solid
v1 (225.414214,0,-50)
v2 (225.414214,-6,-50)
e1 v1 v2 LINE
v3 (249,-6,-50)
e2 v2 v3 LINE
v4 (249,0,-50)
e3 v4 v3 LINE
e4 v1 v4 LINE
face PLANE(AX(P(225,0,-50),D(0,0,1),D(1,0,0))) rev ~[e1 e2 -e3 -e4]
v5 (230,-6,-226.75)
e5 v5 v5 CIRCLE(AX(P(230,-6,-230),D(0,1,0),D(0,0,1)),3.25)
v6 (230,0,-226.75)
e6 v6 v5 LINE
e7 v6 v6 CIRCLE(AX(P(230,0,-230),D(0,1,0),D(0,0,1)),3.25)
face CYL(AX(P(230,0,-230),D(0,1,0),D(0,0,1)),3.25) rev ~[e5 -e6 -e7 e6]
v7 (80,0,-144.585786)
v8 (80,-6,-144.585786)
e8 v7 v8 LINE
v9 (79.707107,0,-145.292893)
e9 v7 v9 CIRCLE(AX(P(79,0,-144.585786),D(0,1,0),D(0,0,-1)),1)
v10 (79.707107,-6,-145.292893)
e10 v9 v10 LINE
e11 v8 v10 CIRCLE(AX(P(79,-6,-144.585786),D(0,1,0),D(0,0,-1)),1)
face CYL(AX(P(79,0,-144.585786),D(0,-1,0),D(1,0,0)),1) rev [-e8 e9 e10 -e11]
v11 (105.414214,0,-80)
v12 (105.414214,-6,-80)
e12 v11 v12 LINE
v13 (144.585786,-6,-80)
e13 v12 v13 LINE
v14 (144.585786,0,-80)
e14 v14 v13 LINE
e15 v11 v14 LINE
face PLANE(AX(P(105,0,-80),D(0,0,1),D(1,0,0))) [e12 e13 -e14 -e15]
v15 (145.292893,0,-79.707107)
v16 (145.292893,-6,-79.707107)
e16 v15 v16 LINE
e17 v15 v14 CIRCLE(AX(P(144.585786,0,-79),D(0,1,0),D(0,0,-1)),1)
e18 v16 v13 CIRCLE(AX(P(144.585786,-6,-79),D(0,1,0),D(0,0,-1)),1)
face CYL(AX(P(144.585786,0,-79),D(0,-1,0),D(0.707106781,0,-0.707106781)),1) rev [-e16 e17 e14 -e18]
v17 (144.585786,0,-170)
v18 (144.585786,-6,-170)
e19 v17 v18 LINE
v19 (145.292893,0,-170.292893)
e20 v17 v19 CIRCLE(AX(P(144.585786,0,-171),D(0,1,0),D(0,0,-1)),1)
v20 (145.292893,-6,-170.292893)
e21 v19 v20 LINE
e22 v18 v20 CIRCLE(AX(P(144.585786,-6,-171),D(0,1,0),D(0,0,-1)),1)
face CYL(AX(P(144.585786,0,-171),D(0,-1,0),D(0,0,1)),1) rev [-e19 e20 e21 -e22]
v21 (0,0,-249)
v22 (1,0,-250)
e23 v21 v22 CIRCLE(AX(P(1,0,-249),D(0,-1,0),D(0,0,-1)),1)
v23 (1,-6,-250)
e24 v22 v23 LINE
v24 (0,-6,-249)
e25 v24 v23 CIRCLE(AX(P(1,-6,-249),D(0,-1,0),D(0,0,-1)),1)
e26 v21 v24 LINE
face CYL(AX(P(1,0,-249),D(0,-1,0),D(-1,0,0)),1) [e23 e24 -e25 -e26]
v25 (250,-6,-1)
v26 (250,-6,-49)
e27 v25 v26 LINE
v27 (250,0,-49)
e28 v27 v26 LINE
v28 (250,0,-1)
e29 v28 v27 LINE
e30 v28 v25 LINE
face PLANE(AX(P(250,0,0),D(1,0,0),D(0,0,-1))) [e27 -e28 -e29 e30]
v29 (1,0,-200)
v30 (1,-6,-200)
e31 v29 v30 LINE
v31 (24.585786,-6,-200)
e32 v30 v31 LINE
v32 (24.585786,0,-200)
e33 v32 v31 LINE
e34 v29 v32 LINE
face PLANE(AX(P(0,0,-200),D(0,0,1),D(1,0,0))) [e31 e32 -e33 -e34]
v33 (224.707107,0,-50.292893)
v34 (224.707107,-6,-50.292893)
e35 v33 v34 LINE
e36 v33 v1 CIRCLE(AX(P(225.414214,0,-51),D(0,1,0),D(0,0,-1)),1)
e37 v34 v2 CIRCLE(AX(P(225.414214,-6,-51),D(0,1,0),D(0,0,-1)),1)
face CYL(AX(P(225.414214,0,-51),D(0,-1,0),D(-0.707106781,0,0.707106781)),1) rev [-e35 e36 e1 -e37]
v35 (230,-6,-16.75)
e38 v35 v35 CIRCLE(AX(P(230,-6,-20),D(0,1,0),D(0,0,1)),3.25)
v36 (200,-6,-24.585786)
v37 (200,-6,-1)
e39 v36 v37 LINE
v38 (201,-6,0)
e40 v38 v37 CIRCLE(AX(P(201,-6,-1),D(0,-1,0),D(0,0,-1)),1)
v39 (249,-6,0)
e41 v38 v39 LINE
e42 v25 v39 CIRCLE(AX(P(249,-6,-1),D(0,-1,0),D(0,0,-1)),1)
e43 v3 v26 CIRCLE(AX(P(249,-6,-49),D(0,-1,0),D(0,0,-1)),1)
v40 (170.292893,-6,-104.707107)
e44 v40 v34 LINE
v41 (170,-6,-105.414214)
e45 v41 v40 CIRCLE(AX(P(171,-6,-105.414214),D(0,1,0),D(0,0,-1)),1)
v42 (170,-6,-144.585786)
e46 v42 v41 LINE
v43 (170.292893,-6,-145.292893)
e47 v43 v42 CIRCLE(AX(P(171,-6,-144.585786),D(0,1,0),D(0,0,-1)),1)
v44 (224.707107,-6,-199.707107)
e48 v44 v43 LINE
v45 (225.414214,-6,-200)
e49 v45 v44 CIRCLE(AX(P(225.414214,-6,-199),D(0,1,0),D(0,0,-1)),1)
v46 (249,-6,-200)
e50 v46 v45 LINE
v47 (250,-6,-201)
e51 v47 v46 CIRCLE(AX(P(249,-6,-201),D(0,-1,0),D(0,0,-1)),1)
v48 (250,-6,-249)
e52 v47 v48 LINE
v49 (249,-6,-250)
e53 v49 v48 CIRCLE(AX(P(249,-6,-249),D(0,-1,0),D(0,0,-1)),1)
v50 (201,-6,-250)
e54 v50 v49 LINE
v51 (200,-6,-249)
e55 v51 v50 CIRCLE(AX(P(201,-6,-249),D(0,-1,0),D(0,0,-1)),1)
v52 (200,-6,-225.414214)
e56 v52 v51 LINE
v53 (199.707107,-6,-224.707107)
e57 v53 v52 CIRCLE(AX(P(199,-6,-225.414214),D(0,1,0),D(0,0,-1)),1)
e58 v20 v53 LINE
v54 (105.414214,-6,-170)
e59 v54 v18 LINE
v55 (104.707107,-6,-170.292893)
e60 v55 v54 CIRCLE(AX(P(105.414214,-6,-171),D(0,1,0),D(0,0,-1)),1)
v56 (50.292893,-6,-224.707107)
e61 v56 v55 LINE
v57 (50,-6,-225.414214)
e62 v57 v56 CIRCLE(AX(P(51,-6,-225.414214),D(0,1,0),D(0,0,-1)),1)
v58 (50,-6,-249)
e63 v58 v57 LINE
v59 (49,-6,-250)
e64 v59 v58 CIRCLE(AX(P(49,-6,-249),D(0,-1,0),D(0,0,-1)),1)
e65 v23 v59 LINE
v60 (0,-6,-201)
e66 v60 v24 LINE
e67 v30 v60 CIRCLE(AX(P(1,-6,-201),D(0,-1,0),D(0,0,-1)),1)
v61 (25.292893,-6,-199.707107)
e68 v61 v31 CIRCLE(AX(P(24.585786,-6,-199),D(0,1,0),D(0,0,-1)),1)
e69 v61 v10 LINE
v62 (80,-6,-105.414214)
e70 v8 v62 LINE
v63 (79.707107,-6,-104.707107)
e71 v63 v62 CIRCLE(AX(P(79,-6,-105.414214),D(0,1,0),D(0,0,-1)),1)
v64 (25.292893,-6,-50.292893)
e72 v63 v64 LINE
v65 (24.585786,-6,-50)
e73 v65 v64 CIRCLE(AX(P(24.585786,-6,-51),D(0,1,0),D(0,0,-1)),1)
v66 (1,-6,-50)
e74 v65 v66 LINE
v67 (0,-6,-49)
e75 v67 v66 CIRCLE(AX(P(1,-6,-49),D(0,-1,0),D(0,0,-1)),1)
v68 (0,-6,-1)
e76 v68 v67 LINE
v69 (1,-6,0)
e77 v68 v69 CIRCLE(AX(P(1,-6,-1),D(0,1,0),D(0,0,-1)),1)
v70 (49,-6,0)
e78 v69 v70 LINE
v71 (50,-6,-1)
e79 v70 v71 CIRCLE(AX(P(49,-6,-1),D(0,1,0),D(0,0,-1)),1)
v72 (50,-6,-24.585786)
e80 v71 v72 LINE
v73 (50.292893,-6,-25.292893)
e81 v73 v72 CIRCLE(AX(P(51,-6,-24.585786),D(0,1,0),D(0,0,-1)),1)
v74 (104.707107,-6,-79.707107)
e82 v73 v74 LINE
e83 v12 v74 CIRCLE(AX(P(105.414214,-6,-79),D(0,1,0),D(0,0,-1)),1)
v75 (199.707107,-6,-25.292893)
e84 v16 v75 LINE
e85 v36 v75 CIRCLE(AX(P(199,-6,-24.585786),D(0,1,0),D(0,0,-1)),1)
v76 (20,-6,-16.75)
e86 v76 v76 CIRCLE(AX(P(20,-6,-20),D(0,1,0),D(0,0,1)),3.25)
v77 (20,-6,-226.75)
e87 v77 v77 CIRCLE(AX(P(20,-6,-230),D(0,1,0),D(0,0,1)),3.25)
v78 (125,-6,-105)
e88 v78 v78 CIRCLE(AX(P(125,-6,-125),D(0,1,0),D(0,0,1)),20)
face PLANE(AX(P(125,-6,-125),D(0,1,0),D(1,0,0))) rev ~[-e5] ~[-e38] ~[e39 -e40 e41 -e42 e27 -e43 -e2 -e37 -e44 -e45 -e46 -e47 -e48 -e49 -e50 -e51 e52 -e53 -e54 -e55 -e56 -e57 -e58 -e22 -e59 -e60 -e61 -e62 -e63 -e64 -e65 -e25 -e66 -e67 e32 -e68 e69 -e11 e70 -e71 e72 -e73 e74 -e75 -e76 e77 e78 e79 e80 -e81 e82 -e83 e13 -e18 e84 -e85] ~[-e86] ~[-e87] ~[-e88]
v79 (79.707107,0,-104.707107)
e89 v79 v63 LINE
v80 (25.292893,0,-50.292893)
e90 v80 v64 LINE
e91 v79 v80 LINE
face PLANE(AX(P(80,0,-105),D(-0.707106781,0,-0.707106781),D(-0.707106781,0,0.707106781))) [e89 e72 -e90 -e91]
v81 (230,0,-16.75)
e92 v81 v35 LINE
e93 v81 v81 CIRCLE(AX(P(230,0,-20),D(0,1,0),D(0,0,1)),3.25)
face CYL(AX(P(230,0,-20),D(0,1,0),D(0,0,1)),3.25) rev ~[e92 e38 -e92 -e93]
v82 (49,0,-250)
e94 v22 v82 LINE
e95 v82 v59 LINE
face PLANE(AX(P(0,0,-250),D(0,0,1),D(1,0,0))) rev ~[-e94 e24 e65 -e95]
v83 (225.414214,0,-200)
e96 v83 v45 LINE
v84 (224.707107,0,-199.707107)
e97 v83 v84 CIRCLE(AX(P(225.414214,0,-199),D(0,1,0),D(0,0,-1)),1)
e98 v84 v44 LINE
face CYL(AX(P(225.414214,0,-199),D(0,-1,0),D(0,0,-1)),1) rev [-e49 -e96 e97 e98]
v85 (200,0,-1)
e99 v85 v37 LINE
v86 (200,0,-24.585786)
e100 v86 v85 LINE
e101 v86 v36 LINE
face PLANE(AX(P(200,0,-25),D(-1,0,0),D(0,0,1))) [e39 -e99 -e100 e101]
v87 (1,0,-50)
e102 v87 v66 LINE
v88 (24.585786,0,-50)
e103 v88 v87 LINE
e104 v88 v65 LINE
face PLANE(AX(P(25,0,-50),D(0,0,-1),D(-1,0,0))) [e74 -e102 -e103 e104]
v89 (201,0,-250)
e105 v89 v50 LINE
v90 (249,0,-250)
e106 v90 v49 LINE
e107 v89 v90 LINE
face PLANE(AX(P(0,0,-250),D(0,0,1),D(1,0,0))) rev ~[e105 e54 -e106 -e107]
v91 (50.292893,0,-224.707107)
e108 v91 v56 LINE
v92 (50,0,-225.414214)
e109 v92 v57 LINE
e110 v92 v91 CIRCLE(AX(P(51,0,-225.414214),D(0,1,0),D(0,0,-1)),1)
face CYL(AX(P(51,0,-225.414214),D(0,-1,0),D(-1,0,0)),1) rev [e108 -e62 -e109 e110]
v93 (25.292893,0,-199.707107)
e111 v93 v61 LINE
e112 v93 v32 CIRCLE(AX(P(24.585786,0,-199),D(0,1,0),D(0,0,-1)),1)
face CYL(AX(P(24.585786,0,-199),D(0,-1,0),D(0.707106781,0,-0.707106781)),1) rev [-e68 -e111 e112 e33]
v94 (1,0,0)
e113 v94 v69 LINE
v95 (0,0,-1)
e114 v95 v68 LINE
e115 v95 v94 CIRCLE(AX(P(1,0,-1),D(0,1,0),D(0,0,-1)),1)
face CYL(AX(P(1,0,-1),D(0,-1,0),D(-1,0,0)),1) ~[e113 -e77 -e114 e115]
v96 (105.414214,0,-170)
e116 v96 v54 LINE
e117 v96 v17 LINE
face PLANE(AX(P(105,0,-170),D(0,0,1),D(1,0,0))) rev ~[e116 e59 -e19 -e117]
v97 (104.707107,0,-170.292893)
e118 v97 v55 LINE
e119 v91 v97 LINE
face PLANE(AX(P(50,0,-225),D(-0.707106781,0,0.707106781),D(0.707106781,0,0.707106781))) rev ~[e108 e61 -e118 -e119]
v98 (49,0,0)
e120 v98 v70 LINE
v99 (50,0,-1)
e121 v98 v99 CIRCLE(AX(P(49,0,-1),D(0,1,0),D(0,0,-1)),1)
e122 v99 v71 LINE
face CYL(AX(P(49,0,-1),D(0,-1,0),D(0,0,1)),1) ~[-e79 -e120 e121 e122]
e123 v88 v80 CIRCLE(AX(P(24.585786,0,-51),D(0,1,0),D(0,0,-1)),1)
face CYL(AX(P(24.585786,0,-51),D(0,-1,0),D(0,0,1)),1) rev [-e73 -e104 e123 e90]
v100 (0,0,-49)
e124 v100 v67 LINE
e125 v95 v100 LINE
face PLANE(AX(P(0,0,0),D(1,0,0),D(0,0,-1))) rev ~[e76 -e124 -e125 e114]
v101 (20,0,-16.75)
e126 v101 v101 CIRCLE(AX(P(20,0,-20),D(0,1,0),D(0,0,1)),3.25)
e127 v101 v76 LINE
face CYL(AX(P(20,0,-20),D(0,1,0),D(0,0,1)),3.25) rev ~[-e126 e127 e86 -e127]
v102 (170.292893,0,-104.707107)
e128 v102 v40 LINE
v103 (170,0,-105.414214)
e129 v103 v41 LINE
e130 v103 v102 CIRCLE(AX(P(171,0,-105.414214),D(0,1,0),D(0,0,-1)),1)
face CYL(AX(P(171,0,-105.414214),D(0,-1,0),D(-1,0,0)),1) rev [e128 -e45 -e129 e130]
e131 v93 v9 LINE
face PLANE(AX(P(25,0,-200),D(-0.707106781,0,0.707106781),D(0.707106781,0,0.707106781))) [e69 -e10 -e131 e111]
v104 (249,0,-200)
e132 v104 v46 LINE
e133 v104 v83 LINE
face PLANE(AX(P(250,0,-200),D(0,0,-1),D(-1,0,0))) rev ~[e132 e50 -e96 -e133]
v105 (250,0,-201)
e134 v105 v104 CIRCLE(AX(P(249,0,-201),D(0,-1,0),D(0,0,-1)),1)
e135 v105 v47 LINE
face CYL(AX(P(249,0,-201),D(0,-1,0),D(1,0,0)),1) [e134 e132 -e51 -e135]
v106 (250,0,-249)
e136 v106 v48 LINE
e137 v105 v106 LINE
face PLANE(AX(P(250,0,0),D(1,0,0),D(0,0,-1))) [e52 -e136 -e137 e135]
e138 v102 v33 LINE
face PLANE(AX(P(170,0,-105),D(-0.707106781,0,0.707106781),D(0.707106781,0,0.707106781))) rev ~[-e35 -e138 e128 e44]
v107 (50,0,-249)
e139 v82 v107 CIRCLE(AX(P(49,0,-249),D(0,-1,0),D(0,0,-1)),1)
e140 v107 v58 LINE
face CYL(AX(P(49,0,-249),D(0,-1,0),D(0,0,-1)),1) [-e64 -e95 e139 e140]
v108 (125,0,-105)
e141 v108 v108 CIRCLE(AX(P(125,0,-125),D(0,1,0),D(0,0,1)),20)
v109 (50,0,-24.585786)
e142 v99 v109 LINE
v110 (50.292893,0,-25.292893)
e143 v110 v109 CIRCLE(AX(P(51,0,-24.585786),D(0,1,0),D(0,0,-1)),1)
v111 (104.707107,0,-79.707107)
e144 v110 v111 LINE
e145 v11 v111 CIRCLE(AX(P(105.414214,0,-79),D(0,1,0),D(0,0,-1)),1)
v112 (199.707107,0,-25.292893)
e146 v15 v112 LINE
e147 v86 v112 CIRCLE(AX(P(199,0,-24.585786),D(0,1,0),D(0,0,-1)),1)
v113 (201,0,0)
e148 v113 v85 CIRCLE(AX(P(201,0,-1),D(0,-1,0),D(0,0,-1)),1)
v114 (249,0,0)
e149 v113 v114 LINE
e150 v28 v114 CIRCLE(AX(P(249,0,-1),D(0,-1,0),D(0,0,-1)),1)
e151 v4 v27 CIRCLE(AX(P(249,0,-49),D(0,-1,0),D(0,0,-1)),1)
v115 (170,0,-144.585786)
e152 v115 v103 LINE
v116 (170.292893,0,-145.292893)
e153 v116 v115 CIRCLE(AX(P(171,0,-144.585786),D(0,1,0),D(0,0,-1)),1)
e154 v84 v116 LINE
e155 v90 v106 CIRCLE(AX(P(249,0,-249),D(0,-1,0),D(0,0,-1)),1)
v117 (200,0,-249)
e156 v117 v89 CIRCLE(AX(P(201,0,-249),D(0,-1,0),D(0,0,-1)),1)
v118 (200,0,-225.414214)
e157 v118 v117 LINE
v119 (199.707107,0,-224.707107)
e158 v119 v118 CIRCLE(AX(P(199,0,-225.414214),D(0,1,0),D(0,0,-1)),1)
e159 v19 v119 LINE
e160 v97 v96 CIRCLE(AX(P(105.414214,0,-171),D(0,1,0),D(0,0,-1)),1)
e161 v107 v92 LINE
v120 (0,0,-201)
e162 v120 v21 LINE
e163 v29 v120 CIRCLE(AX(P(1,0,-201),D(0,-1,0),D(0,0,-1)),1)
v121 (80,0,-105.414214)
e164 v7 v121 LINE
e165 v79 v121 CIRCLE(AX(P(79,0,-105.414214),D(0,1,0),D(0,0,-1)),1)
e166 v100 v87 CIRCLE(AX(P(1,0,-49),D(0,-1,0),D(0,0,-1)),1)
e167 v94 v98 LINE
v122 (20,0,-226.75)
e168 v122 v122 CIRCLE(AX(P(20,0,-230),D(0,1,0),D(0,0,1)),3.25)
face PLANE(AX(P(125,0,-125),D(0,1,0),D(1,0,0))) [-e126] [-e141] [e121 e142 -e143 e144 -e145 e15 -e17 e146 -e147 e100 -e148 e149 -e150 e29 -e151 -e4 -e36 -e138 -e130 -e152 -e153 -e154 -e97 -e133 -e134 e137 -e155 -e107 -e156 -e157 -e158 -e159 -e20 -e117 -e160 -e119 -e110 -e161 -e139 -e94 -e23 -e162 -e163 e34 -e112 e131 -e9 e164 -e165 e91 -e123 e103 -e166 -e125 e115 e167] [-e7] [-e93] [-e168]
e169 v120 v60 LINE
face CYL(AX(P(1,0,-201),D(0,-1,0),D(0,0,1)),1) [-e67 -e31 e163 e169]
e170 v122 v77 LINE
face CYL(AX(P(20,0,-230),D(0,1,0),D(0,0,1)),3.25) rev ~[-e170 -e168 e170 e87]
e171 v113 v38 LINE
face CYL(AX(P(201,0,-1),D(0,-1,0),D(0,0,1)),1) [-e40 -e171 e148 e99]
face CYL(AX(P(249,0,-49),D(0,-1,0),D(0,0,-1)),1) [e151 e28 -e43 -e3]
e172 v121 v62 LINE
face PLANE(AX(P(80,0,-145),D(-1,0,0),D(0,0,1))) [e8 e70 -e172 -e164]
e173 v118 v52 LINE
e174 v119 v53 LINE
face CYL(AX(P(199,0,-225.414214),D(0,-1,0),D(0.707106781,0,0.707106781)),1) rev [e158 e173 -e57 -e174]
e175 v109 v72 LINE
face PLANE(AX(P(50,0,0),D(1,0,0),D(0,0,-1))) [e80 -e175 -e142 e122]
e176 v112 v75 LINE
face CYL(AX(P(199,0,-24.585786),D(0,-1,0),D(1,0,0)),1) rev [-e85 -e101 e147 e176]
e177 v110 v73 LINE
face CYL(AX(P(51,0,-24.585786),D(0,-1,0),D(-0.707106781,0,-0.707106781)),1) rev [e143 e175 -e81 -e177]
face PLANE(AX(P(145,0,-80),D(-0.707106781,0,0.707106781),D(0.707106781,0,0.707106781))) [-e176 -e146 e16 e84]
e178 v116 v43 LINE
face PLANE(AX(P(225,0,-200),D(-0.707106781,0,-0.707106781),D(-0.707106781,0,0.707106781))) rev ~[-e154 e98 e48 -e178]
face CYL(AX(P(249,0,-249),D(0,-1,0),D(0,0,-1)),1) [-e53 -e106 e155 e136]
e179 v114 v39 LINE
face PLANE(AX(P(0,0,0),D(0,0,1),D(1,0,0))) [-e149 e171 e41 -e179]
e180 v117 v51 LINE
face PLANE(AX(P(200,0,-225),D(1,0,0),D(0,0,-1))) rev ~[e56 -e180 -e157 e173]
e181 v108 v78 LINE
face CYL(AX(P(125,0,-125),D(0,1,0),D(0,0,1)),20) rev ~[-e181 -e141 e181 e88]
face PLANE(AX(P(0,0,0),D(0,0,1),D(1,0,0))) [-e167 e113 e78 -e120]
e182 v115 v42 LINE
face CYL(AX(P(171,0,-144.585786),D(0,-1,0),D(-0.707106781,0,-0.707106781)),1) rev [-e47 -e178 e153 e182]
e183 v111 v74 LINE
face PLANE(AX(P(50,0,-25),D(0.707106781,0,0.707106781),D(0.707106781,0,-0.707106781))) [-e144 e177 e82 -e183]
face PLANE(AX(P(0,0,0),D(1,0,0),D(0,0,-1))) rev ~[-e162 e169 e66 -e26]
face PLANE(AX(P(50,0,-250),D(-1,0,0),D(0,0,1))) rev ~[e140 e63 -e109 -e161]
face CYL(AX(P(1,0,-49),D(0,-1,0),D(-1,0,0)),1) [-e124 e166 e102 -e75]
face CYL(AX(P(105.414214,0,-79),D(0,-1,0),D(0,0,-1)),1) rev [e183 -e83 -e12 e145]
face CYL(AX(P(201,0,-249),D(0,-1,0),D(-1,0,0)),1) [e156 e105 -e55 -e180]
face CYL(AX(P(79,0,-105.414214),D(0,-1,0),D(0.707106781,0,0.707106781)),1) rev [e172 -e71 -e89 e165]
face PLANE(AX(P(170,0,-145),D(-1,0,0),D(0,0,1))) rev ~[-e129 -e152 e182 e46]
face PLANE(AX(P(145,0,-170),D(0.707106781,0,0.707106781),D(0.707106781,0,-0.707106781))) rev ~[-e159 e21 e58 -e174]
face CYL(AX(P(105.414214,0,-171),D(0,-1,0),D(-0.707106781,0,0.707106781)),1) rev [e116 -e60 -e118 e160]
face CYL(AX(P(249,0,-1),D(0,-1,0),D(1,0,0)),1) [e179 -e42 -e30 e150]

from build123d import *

# Parameters (mm, degrees)
SKETCH1_W   = 250
SKETCH1_H   = 250
TABLE_DEPTH = 6
SKETCH2_R   = 3.25
CUT_DEPTH   = 6
FILLET1_R   = 1
SKETCH3_R   = 20
LITE_DEPTH  = 354.604298616


with BuildPart() as part:
    # Sketch1 → table (new body)
    with BuildSketch(Plane(origin=(0, 0, 0), x_dir=(1, 0, 0), z_dir=(0, 1, 0))):
        with Locations((125, 125)):
            Rectangle(SKETCH1_W, SKETCH1_H)
    extrude(amount=-TABLE_DEPTH)

    # Sketch2 → cut (cut)
    with BuildSketch(Plane(origin=(0, 0, 0), x_dir=(1, 0, 0), z_dir=(0, 1, 0))):
        with Locations(Location((20, 230, 0), (0, 0, 270))):
            Circle(SKETCH2_R)
        with Locations(Location((230, 230, 0), (0, 0, 270))):
            Circle(SKETCH2_R)
        with Locations(Location((230, 20, 0), (0, 0, 270))):
            Circle(SKETCH2_R)
        with Locations(Location((20, 20, 0), (0, 0, 270))):
            Circle(SKETCH2_R)
        Polygon((0, 200), (25, 200), (80, 145), (80, 105), (25, 50), (0, 50), align=None)
        Polygon((50, 250), (50, 225), (105, 170), (145, 170), (200, 225), (200, 250), align=None)
        Polygon((250, 200), (225, 200), (170, 145), (170, 105), (225, 50), (250, 50), align=None)
        Polygon((50, 0), (50, 25), (105, 80), (145, 80), (200, 25), (200, 0), align=None)
    extrude(amount=-CUT_DEPTH, mode=Mode.SUBTRACT)

    # Fillet1
    fillet1_edges = [part.edges().sort_by_distance(p)[0] for p in [
        (0, -3, -50),
        (0, -3, -200),
        (25, -3, -200),
        (80, -3, -145),
        (80, -3, -105),
        (25, -3, -50),
        (50, -3, -250),
        (200, -3, -250),
        (200, -3, -225),
        (145, -3, -170),
        (105, -3, -170),
        (50, -3, -225),
        (250, -3, -200),
        (250, -3, -50),
        (225, -3, -50),
        (170, -3, -105),
        (170, -3, -145),
        (225, -3, -200),
        (0, -3, -250),
        (250, -3, -250),
        (250, -3, 0),
        (0, -3, 0),
        (200, -3, 0),
        (50, -3, 0),
        (50, -3, -25),
        (105, -3, -80),
        (145, -3, -80),
        (200, -3, -25),
    ]]
    fillet(fillet1_edges, radius=FILLET1_R)

    # Sketch3 → lite (cut, through all)
    with BuildSketch(Plane(origin=(0, 0, 0), x_dir=(1, 0, 0), z_dir=(0, 1, 0))):
        with Locations(Location((125, 125, 0), (0, 0, 270))):
            Circle(SKETCH3_R)
    extrude(amount=-LITE_DEPTH, mode=Mode.SUBTRACT)


solid = part.part
